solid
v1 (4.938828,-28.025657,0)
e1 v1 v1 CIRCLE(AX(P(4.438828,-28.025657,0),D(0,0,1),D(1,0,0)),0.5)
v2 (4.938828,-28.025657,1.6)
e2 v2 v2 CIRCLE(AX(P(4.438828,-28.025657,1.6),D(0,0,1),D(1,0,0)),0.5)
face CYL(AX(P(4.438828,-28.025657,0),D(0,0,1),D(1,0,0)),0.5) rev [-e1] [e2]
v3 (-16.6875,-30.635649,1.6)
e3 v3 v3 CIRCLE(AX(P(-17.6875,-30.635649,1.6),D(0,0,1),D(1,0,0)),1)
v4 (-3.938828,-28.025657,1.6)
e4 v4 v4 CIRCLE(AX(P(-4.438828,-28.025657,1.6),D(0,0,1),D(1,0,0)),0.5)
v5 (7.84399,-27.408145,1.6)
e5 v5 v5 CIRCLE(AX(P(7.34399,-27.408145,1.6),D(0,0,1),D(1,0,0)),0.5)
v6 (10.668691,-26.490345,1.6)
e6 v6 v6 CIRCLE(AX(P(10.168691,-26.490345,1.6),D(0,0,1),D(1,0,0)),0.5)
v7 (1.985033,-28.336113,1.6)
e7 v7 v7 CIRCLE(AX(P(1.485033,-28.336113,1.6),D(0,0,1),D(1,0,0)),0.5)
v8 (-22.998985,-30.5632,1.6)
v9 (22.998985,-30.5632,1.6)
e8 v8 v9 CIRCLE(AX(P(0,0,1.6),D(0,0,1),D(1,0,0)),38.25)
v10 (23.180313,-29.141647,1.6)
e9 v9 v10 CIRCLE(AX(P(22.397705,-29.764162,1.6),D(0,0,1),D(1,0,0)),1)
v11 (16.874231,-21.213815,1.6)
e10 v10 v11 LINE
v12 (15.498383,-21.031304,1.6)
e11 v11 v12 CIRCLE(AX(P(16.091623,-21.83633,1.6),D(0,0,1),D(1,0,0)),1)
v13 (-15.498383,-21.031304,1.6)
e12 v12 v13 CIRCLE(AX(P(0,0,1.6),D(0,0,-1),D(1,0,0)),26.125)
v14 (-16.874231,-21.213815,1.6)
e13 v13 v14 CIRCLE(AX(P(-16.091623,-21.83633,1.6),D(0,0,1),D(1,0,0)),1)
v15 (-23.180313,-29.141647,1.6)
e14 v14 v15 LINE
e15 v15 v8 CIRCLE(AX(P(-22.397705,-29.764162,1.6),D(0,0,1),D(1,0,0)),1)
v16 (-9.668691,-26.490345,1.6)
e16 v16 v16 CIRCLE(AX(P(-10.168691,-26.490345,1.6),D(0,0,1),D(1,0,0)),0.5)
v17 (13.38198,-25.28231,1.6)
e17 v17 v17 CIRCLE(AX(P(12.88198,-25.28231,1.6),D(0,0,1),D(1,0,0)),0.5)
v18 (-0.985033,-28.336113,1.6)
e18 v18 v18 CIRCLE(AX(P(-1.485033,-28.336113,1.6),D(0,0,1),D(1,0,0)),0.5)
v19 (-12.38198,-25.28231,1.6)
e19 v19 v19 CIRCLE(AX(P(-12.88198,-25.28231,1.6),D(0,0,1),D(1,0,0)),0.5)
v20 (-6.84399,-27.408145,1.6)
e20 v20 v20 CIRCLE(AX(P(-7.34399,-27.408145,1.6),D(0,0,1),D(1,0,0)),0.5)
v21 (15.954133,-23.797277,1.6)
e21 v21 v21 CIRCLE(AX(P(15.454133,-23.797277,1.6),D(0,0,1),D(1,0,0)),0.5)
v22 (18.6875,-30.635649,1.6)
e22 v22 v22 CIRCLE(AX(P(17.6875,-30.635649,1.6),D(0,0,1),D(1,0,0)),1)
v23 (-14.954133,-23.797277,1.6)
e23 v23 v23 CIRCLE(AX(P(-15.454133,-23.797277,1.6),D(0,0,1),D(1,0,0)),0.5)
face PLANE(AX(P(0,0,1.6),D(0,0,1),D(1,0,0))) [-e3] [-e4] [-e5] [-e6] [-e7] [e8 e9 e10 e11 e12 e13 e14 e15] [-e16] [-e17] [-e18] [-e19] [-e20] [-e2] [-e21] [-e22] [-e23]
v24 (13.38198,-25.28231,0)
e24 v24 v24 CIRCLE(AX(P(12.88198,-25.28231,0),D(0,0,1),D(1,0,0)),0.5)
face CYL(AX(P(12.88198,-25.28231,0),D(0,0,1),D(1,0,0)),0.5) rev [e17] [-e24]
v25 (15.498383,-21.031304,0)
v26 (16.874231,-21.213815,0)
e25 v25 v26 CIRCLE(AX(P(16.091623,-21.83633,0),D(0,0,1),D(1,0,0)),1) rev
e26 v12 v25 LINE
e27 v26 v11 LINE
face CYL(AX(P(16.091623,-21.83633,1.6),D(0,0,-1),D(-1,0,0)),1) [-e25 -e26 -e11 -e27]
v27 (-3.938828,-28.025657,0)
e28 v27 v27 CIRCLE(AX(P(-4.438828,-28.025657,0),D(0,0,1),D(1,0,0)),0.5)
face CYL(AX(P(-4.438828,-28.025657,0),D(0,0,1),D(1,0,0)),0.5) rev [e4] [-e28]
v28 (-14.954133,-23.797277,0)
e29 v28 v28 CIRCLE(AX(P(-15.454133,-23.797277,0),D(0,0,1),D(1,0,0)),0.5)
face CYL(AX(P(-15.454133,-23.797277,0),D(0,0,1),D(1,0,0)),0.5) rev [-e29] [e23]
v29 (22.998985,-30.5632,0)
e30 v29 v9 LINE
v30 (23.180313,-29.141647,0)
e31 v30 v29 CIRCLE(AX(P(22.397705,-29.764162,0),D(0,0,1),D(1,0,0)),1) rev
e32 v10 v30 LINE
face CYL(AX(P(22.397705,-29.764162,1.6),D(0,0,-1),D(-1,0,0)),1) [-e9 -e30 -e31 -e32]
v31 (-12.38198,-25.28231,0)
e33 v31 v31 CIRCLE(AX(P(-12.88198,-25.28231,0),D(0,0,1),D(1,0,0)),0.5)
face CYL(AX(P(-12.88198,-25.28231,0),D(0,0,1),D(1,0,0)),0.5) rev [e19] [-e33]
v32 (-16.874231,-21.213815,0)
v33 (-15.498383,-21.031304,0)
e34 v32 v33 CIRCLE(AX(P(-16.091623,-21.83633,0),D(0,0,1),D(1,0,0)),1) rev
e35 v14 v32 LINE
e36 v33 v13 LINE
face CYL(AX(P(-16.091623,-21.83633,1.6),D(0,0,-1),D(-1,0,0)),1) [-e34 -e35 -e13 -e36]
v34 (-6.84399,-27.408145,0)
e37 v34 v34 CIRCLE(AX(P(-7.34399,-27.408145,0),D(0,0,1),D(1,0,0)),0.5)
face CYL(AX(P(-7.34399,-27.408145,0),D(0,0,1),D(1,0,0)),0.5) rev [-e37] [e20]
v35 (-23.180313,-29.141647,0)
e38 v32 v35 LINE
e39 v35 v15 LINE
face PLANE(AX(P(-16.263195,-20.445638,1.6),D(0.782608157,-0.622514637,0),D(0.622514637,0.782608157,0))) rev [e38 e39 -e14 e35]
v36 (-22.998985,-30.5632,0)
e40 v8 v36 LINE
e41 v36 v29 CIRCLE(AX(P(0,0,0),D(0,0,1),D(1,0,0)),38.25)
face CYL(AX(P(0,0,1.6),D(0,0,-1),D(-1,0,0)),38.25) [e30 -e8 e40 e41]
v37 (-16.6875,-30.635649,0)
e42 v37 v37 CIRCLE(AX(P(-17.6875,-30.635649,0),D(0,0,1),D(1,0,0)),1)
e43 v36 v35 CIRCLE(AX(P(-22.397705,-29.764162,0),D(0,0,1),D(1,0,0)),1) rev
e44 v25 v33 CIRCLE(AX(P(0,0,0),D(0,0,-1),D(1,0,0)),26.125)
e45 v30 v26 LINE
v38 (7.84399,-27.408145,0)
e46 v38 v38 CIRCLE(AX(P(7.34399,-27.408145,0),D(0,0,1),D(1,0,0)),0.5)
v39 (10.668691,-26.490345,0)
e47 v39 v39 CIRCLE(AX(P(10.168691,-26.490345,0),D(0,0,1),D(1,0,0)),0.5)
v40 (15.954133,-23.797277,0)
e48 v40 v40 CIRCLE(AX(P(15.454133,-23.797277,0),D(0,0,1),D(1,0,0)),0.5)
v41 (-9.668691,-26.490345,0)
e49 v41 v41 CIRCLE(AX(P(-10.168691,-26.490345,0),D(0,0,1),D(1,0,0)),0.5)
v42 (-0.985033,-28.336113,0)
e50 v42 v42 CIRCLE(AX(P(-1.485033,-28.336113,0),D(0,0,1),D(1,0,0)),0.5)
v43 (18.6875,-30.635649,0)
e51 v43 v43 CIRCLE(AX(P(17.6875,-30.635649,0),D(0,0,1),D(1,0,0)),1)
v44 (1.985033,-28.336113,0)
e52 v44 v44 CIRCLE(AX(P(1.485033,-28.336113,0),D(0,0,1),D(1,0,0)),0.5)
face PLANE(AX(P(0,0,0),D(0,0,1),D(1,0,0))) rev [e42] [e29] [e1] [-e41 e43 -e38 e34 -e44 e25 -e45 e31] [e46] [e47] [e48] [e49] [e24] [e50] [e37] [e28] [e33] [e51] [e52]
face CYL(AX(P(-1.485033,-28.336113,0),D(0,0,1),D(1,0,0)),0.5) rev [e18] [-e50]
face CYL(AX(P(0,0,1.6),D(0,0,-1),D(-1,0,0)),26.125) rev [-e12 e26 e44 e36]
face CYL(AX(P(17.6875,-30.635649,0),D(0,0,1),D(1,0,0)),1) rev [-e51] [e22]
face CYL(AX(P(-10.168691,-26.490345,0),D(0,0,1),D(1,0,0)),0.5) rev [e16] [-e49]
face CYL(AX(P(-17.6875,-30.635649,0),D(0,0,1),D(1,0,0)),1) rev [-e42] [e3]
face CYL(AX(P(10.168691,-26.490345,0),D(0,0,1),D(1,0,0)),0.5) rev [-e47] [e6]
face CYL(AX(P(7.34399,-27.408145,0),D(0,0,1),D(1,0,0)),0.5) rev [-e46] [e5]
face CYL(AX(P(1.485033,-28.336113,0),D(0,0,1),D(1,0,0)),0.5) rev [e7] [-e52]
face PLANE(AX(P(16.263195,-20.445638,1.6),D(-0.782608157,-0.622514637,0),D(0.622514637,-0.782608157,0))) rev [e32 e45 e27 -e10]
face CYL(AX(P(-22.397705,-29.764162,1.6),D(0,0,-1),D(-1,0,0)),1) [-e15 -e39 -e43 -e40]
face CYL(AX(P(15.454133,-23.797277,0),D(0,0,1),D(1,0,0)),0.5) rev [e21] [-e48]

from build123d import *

# Parameters (mm, degrees)
BOSS_EXTRUDE2_DEPTH = 1.6
CUT_EXTRUDE3_START  = 1.6
SKETCH1_R           = 0.5
CUT_EXTRUDE3_DEPTH  = 47.684310176
CUT_EXTRUDE4_START  = 1.6
SKETCH3_R           = 1
CUT_EXTRUDE4_DEPTH  = 1.6
FILLET1_R           = 1


with BuildPart() as part:
    # Sketch2 → Boss-Extrude2 (new body)
    with BuildSketch(Plane.XY):
        with BuildLine():
            Line((-16.263194882, -20.445638098), (-23.811184851, -29.934762))
            ThreePointArc((-23.811184851, -29.934762), (0, -38.25), (23.811184851, -29.934762))
            Line((23.811184851, -29.934762), (16.263194882, -20.445638098))
            ThreePointArc((16.263194882, -20.445638098), (0, -26.125), (-16.263194882, -20.445638098))
        make_face()
    extrude(amount=BOSS_EXTRUDE2_DEPTH)

    # Sketch1 → Cut-Extrude3 (cut, through all)
    with BuildSketch(Plane.XY.offset(CUT_EXTRUDE3_START)):
        with Locations((-15.454132619, -23.797277365)):
            Circle(SKETCH1_R)
        with Locations((-12.88198043, -25.282310124)):
            Circle(SKETCH1_R)
        with Locations((-10.168690568, -26.490344602)):
            Circle(SKETCH1_R)
        with Locations((-7.343990405, -27.408145321)):
            Circle(SKETCH1_R)
        with Locations((-4.438827946, -28.025656664)):
            Circle(SKETCH1_R)
        with Locations((-1.485032758, -28.336113049)):
            Circle(SKETCH1_R)
        with Locations((1.485032758, -28.336113049)):
            Circle(SKETCH1_R)
        with Locations((4.438827946, -28.025656664)):
            Circle(SKETCH1_R)
        with Locations((7.343990405, -27.408145321)):
            Circle(SKETCH1_R)
        with Locations((10.168690568, -26.490344602)):
            Circle(SKETCH1_R)
        with Locations((12.88198043, -25.282310124)):
            Circle(SKETCH1_R)
        with Locations((15.454132619, -23.797277365)):
            Circle(SKETCH1_R)
    extrude(amount=-CUT_EXTRUDE3_DEPTH, mode=Mode.SUBTRACT)

    # Sketch3 → Cut-Extrude4 (cut)
    with BuildSketch(Plane.XY.offset(CUT_EXTRUDE4_START)):
        with Locations((-17.6875, -30.635648659)):
            Circle(SKETCH3_R)
        with Locations((17.6875, -30.635648659)):
            Circle(SKETCH3_R)
    extrude(amount=-CUT_EXTRUDE4_DEPTH, mode=Mode.SUBTRACT)

    # Fillet1
    fillet1_edges = [part.edges().sort_by_distance(p)[0] for p in [
        (16.263194882, -20.445638098, 0.8),
        (23.811184851, -29.934762, 0.8),
        (-23.811184851, -29.934762, 0.8),
        (-16.263194882, -20.445638098, 0.8),
    ]]
    fillet(fillet1_edges, radius=FILLET1_R)


solid = part.part
